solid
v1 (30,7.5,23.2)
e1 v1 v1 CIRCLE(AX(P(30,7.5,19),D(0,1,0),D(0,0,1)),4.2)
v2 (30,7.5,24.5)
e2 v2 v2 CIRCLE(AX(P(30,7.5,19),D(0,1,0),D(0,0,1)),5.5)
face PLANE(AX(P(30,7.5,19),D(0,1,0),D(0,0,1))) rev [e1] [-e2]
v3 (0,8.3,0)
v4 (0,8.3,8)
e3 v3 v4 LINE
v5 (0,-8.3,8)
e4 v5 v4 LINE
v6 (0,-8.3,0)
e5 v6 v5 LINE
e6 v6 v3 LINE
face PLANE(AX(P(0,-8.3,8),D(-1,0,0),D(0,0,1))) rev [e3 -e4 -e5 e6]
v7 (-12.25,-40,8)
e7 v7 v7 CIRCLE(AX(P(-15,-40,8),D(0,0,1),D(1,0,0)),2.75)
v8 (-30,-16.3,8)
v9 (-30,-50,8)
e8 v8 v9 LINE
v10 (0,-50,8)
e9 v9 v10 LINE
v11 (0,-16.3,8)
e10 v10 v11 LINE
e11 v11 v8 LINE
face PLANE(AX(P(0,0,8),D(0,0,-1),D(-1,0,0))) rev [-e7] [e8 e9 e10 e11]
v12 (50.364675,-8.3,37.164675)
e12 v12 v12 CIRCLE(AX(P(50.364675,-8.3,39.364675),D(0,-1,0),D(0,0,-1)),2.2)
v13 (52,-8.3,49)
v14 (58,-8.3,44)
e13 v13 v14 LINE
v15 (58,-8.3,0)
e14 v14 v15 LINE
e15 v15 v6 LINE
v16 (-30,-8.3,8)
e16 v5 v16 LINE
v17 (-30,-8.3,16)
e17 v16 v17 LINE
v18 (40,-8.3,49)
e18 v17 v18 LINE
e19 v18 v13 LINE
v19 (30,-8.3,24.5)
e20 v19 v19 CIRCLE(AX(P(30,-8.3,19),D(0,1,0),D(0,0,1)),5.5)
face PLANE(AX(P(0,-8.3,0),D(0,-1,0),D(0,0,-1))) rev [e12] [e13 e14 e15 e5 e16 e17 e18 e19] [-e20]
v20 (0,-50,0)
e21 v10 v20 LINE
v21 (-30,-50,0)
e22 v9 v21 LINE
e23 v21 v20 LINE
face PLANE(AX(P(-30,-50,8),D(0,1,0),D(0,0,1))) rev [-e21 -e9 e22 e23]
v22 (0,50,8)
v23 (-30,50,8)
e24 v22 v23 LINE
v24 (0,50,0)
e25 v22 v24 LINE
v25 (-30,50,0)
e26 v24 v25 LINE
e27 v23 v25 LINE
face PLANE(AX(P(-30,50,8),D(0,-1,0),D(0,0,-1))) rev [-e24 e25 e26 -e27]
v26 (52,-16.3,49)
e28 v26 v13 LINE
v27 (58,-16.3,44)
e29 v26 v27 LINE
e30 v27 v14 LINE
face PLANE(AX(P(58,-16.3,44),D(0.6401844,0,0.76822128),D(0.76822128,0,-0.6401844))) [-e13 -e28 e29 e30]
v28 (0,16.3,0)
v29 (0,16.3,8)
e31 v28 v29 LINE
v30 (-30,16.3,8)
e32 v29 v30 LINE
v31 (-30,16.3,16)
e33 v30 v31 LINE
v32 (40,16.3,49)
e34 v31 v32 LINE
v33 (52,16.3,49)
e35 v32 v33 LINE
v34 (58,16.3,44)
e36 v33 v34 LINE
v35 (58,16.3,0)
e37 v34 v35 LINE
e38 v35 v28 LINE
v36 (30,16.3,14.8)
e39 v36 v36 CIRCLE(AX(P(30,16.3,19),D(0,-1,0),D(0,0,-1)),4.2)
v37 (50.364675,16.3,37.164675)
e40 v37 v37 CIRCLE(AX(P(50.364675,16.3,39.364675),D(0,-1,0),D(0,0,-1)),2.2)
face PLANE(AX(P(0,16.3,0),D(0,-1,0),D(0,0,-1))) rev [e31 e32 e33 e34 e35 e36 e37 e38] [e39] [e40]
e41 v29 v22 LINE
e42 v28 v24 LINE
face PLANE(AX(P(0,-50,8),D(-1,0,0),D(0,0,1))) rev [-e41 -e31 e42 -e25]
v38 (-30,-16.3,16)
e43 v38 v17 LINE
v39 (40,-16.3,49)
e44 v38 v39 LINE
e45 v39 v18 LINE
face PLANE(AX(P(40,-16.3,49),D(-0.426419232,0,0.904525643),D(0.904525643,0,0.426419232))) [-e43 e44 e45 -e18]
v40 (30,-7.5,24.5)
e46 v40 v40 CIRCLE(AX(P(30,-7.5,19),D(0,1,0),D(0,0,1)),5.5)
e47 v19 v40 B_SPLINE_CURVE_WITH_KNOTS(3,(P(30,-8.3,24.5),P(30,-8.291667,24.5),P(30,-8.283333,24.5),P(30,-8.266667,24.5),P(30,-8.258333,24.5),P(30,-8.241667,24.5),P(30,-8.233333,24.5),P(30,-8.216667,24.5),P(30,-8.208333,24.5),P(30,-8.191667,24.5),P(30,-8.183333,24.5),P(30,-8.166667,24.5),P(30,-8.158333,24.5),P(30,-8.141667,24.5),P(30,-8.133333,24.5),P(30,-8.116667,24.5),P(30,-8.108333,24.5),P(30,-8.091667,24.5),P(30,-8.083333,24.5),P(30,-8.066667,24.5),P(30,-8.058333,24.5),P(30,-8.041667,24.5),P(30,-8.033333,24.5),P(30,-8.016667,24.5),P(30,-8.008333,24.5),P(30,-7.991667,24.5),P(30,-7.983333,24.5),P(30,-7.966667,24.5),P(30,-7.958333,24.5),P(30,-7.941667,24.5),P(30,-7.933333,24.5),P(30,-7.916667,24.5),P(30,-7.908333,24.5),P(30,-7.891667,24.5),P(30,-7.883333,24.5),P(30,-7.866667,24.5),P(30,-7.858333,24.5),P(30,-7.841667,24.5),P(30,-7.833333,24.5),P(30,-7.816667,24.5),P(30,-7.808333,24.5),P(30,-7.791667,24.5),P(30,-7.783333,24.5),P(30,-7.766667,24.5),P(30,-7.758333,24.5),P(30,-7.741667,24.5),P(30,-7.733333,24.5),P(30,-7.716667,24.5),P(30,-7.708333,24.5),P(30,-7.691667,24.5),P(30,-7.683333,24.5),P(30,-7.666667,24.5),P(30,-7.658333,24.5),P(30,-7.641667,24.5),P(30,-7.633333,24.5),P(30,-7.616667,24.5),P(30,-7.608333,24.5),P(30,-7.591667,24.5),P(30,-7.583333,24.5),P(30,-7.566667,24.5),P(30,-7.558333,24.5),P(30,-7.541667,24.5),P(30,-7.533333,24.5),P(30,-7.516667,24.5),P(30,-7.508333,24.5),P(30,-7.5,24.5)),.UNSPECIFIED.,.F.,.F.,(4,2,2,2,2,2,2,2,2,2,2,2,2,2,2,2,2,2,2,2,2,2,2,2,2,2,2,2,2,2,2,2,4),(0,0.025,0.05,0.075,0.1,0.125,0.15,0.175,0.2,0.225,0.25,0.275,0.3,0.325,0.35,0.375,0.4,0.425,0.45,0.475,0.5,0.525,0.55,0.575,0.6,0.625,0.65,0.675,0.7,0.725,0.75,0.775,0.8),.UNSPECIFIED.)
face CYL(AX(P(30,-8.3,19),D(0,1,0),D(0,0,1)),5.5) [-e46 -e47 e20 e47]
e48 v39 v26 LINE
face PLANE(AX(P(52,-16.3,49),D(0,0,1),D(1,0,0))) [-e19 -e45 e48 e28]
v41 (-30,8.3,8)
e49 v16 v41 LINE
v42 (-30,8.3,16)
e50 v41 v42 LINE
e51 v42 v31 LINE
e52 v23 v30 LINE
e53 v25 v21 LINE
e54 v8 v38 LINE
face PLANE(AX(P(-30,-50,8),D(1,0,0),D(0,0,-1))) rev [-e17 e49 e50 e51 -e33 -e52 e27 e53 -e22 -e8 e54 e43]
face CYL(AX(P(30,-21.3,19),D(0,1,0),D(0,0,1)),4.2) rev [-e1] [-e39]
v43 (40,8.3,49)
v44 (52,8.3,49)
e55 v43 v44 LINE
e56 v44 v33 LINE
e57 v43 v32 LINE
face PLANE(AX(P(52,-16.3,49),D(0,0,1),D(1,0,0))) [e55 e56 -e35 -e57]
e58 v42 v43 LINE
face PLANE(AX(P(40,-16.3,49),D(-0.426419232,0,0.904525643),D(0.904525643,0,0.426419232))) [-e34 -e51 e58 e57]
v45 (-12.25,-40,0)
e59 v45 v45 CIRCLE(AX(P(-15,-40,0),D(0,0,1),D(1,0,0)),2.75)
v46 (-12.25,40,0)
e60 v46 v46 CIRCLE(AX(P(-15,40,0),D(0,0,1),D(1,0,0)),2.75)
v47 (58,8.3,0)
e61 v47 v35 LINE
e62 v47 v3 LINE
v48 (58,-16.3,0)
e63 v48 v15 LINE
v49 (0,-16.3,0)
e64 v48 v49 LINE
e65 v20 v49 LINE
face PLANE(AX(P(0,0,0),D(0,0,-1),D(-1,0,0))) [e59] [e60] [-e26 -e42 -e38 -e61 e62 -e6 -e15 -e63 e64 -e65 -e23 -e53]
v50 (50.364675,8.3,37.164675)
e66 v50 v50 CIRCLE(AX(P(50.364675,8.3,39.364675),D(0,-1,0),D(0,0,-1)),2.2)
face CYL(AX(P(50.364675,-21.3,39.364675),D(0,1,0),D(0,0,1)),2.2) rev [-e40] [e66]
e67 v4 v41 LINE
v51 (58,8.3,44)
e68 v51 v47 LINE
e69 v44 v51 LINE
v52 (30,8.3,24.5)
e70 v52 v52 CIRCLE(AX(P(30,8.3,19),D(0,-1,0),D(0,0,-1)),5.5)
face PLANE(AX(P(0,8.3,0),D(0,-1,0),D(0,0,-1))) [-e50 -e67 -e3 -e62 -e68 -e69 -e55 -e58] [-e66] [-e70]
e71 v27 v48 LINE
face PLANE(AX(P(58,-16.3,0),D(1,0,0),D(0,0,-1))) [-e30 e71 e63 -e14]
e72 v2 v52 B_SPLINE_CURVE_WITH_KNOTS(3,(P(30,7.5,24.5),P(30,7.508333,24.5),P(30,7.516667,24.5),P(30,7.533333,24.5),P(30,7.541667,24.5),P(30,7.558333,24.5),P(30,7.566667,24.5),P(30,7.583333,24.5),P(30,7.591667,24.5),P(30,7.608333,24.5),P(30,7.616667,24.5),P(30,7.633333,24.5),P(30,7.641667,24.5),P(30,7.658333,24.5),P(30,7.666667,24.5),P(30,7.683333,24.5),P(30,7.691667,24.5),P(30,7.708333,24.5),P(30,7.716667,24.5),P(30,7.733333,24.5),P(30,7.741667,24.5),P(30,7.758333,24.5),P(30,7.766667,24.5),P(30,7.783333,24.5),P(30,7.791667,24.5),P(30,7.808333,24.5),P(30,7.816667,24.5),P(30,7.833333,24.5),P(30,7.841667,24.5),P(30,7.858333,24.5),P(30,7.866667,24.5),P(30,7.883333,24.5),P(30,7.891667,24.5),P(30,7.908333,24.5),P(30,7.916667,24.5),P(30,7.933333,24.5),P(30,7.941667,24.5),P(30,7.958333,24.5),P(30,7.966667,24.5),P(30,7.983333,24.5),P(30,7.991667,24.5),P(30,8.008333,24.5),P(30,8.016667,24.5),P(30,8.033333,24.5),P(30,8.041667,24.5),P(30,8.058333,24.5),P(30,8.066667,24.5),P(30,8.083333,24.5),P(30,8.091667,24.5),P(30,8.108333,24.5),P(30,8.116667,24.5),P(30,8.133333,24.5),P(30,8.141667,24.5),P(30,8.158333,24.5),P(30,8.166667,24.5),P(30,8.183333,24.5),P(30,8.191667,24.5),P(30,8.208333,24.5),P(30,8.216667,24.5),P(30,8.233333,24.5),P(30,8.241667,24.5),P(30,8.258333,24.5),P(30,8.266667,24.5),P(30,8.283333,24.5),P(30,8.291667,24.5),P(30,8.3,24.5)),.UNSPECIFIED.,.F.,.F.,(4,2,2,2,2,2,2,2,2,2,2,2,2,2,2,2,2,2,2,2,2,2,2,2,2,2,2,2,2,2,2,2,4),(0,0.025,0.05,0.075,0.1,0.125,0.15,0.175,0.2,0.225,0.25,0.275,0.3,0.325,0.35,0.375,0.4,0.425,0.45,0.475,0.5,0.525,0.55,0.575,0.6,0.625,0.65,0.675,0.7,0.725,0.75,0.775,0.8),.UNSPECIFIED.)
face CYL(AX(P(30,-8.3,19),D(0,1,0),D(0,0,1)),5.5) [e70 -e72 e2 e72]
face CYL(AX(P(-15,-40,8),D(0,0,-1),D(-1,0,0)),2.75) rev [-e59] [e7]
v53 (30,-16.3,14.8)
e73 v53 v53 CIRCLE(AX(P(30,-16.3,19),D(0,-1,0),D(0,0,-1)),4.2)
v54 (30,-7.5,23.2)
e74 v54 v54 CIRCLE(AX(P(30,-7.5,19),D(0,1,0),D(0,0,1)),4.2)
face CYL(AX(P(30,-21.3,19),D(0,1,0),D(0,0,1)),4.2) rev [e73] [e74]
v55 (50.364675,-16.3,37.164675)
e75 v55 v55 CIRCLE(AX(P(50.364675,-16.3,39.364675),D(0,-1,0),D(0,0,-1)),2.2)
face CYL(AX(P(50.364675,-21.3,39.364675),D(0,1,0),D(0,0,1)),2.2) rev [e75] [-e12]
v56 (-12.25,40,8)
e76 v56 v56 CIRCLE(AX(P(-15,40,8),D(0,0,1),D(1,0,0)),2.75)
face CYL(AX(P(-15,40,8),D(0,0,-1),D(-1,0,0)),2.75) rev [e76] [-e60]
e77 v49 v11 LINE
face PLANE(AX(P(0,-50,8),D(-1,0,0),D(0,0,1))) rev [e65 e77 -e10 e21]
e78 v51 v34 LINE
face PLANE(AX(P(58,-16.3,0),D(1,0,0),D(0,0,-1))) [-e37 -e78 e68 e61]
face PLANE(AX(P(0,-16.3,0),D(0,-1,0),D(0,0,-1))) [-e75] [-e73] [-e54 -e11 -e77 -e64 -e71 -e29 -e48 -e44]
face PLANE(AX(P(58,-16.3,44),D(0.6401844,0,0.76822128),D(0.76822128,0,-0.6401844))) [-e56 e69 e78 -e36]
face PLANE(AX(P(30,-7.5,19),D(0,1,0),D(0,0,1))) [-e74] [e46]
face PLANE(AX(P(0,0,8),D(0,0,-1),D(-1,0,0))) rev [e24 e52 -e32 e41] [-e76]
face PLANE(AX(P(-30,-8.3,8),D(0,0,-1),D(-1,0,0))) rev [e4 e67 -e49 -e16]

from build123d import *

# Parameters (mm, degrees)
SKETCH_1_W          = 30
SKETCH_1_H          = 100
SKETCH_1_R          = 2.75
EXTRUDE_2_DEPTH     = 8
EXTRUDE_4_DEPTH     = 16.3
CUT_EXTRUDE_1_DEPTH = 8.3
SKETCH_5_R          = 5.5
EXTRUDE_5_DEPTH     = 8.3
SKETCH_6_R          = 5.5
CUT_EXTRUDE_2_DEPTH = 7.5
SKETCH_7_R          = 4.2
SKETCH_7_R_2        = 2.2
CUT_EXTRUDE_3_DEPTH = 21.3


with BuildPart() as part:
    # 草图1 → 凸台-拉伸2 (new body)
    with BuildSketch(Plane.XY):
        with Locations((-15, 0)):
            Rectangle(SKETCH_1_W, SKETCH_1_H)
        with Locations((-15, -40)):
            Circle(SKETCH_1_R, mode=Mode.SUBTRACT)
        with Locations((-15, 40)):
            Circle(SKETCH_1_R, mode=Mode.SUBTRACT)
    extrude(amount=EXTRUDE_2_DEPTH)

    # 草图3 → 凸台-拉伸4 (add, symmetric)
    with BuildSketch(Plane(origin=(0, 0, 0), x_dir=(1, 0, 0), z_dir=(0, 1, 0))):
        Polygon((-30, 0), (58, 0), (58, -44), (52, -49), (40, -49), (-30, -16), align=None)
    extrude(amount=EXTRUDE_4_DEPTH, both=True)

    # 草图4 → 切除-拉伸1 (cut, symmetric)
    with BuildSketch(Plane(origin=(0, 0, 0), x_dir=(1, 0, 0), z_dir=(0, 1, 0))):
        Polygon((-30, -8), (0, -8), (0, 0), (58, 0), (58, -44), (52, -49), (40, -49), (-30, -16), align=None)
    extrude(amount=CUT_EXTRUDE_1_DEPTH, both=True, mode=Mode.SUBTRACT)

    # 草图5 → 凸台-拉伸5 (add, symmetric)
    with BuildSketch(Plane(origin=(0, 0, 0), x_dir=(1, 0, 0), z_dir=(0, 1, 0))):
        with Locations(Location((30, -19, 0), (0, 0, 270))):
            Circle(SKETCH_5_R)
    extrude(amount=EXTRUDE_5_DEPTH, both=True)

    # 草图6 → 切除-拉伸2 (cut, symmetric)
    with BuildSketch(Plane(origin=(0, 0, 0), x_dir=(1, 0, 0), z_dir=(0, 1, 0))):
        with Locations(Location((30, -19, 0), (0, 0, 270))):
            Circle(SKETCH_6_R)
    extrude(amount=CUT_EXTRUDE_2_DEPTH, both=True, mode=Mode.SUBTRACT)

    # 草图7 → 切除-拉伸3 (cut, symmetric)
    with BuildSketch(Plane(origin=(0, 0, 0), x_dir=(1, 0, 0), z_dir=(0, 1, 0))):
        with Locations(Location((30, -19, 0), (0, 0, 270))):
            Circle(SKETCH_7_R)
        with Locations(Location((50.364675298, -39.364675298, 0), (0, 0, 90))):
            Circle(SKETCH_7_R_2)
    extrude(amount=CUT_EXTRUDE_3_DEPTH, both=True, mode=Mode.SUBTRACT)


solid = part.part
